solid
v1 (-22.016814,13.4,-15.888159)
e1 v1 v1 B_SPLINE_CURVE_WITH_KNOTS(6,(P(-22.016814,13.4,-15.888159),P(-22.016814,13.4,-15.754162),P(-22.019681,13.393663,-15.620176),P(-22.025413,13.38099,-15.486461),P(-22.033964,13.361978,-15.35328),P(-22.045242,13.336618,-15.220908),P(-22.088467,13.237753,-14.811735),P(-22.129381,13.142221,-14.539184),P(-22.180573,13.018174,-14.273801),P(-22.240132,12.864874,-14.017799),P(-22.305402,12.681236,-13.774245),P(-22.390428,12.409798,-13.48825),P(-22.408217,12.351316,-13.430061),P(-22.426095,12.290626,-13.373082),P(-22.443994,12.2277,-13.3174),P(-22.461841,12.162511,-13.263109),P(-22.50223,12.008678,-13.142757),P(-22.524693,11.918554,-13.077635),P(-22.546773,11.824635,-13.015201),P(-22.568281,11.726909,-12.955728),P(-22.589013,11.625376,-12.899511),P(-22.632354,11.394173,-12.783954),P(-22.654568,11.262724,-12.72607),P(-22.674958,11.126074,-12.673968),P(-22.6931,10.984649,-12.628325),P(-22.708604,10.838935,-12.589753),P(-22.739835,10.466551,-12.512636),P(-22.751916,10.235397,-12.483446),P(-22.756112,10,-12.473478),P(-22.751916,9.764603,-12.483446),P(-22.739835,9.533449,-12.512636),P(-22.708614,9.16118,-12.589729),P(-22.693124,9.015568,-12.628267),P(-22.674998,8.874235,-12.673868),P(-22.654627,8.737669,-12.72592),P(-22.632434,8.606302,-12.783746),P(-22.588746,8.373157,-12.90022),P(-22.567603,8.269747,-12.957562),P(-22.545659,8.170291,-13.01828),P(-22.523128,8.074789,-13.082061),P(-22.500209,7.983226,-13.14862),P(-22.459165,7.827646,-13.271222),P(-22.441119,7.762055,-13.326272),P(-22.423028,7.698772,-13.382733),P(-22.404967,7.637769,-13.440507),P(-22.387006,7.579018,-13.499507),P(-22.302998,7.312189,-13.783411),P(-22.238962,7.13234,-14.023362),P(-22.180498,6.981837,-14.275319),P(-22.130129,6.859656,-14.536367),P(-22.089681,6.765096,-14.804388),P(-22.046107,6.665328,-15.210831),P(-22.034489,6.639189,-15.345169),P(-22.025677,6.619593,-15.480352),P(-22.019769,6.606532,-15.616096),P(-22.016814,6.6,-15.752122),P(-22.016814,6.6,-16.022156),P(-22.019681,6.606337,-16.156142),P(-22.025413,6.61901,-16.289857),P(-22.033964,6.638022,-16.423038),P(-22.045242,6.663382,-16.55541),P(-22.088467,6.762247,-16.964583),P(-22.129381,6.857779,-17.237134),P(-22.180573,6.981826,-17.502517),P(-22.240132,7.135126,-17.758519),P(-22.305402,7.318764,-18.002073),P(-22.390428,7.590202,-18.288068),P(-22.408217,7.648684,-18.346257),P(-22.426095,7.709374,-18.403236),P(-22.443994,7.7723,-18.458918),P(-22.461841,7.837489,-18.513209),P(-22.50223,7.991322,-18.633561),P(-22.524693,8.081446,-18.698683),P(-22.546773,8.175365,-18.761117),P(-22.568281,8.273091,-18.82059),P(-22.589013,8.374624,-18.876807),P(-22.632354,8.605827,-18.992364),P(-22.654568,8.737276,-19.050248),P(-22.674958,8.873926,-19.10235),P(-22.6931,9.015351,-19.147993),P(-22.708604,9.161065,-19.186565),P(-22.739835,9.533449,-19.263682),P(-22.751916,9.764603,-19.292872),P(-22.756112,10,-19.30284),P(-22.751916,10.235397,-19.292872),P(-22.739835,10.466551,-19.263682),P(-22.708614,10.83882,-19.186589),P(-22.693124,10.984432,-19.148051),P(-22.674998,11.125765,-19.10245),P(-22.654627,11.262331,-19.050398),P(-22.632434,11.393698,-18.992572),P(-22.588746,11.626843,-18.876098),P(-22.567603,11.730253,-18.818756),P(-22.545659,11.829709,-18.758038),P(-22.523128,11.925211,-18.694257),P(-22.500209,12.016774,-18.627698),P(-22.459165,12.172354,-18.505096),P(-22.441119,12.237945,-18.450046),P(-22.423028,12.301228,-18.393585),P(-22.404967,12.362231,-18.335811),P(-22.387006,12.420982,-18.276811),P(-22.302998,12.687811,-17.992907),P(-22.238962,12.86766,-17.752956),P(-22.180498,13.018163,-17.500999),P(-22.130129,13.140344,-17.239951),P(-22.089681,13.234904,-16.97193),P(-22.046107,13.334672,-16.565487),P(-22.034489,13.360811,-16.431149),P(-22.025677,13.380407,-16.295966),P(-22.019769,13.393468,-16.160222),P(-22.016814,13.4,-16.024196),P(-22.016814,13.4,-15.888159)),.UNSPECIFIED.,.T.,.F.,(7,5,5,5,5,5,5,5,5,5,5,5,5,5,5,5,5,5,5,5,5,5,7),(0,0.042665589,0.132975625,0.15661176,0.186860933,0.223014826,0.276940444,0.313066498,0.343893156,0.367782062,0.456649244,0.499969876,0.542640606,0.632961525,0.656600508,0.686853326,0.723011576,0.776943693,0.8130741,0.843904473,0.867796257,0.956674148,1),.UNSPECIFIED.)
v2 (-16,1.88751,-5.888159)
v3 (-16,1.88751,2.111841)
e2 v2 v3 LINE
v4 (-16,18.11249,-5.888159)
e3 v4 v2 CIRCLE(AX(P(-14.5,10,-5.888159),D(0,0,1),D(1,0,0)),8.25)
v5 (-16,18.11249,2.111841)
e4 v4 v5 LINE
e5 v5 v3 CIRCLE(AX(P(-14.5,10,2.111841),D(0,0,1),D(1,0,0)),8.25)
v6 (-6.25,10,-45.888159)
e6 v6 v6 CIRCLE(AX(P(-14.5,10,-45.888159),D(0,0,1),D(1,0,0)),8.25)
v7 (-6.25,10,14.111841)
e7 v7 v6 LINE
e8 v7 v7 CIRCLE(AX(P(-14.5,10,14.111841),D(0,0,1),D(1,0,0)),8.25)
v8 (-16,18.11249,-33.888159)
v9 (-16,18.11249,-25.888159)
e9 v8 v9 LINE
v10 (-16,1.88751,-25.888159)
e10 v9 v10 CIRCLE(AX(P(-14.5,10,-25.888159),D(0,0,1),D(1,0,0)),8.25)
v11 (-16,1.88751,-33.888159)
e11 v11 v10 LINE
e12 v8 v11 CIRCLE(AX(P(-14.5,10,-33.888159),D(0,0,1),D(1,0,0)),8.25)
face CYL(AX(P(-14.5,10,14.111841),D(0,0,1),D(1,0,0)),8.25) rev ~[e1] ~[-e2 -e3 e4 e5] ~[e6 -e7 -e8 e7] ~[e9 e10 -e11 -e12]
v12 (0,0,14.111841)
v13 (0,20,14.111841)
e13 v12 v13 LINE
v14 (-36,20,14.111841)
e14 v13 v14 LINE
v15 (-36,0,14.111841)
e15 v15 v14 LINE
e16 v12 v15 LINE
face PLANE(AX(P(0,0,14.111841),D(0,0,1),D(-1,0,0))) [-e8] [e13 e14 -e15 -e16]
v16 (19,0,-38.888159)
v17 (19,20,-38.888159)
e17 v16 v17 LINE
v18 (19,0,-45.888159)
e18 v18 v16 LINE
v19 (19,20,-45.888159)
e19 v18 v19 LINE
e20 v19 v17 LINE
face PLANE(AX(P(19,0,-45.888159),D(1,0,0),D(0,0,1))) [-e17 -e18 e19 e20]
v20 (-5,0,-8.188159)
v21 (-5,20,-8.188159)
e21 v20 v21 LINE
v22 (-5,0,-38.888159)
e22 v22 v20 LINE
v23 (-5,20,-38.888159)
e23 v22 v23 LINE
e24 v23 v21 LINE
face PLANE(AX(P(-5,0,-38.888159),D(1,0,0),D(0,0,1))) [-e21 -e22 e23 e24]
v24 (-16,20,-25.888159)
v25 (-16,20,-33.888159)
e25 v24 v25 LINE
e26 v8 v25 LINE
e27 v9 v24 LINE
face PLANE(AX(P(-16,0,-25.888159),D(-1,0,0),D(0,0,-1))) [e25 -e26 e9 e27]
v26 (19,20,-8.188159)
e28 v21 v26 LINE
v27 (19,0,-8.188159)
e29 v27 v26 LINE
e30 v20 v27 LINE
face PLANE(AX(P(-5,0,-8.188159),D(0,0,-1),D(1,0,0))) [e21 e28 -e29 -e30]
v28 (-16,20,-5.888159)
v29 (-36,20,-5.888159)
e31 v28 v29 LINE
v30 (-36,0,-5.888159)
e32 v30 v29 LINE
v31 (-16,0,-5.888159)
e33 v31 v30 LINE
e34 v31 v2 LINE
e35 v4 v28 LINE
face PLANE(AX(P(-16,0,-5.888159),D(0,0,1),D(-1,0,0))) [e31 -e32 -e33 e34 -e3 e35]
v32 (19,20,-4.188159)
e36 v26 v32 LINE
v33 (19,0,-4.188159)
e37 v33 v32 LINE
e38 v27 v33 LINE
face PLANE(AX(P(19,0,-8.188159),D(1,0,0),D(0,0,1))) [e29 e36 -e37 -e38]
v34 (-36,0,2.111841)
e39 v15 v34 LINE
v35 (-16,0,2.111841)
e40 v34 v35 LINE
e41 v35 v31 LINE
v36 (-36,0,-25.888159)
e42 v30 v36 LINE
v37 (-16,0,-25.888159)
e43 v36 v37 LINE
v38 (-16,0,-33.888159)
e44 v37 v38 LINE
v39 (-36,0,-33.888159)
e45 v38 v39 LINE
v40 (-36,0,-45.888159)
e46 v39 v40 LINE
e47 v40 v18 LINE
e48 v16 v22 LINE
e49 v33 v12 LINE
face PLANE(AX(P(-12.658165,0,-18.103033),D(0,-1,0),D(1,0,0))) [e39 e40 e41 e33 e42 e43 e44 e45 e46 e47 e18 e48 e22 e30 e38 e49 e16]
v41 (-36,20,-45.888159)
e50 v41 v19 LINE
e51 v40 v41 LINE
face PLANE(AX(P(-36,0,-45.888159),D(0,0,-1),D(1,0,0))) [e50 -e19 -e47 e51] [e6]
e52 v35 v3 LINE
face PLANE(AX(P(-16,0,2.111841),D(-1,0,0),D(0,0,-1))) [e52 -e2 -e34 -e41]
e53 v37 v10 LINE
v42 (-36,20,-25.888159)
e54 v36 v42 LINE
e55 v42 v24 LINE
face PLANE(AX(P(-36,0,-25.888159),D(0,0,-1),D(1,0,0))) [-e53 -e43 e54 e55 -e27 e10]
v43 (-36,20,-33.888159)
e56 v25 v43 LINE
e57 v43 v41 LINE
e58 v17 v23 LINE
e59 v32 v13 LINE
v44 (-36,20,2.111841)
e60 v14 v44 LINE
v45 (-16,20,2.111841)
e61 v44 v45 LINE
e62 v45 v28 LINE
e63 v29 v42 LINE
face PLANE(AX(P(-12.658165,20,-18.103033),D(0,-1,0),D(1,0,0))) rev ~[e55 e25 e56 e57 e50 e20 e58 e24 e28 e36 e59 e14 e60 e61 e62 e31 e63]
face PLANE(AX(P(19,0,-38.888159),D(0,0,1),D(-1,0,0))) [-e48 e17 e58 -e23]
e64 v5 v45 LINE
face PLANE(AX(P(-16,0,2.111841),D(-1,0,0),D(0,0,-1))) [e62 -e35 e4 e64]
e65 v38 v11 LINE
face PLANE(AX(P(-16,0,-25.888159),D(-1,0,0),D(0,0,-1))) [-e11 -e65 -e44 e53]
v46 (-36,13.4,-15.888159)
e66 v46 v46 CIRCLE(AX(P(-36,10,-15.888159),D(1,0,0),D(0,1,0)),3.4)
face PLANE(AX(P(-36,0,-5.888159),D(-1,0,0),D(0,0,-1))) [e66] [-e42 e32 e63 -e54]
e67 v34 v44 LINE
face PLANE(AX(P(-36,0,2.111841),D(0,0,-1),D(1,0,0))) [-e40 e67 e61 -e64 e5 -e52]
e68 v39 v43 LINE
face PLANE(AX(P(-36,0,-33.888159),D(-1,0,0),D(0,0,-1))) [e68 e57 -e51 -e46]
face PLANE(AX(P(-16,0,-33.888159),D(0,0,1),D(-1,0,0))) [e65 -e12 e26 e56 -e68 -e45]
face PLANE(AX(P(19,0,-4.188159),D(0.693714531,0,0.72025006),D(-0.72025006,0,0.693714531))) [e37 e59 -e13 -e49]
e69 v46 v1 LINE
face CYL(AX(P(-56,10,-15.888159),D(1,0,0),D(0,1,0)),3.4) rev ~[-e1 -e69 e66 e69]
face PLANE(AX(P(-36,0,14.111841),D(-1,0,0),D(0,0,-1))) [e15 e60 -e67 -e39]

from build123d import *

# Parameters (mm, degrees)
F1_DEPTH = 20
F2_R     = 8.25
F3_DEPTH = 60.001
F5_D     = 6.8
F5_DEPTH = 20


with BuildPart() as f1:
    # F0 (on Front) → F1 (new body)
    with BuildSketch(Plane.XZ):
        Polygon((-36, -33.888159), (-36, -45.888159), (19, -45.888159), (19, -38.888159), (-5, -38.888159), (-5, -8.188159), (19, -8.188159), (19, -4.188159), (0, 14.111841), (-36, 14.111841), (-36, 2.111841), (-16, 2.111841), (-16, -5.888159), (-36, -5.888159), (-36, -25.888159), (-16, -25.888159), (-16, -33.888159), align=None)
    extrude(amount=-F1_DEPTH)

    # F2 (on face) → F3 (cut, through all)
    with BuildSketch(Plane.XY.offset(14.111841)):
        with Locations((-14.5, 10)):
            Circle(F2_R)
    extrude(amount=-F3_DEPTH, mode=Mode.SUBTRACT)

    # F5
    with Locations(Plane(origin=(-36, 0, 0), x_dir=(0, -1, 0), z_dir=(-1, 0, 0))):
        with Locations((-10, -15.888159)):
            Hole(F5_D / 2, depth=F5_DEPTH)


solid = f1.part
